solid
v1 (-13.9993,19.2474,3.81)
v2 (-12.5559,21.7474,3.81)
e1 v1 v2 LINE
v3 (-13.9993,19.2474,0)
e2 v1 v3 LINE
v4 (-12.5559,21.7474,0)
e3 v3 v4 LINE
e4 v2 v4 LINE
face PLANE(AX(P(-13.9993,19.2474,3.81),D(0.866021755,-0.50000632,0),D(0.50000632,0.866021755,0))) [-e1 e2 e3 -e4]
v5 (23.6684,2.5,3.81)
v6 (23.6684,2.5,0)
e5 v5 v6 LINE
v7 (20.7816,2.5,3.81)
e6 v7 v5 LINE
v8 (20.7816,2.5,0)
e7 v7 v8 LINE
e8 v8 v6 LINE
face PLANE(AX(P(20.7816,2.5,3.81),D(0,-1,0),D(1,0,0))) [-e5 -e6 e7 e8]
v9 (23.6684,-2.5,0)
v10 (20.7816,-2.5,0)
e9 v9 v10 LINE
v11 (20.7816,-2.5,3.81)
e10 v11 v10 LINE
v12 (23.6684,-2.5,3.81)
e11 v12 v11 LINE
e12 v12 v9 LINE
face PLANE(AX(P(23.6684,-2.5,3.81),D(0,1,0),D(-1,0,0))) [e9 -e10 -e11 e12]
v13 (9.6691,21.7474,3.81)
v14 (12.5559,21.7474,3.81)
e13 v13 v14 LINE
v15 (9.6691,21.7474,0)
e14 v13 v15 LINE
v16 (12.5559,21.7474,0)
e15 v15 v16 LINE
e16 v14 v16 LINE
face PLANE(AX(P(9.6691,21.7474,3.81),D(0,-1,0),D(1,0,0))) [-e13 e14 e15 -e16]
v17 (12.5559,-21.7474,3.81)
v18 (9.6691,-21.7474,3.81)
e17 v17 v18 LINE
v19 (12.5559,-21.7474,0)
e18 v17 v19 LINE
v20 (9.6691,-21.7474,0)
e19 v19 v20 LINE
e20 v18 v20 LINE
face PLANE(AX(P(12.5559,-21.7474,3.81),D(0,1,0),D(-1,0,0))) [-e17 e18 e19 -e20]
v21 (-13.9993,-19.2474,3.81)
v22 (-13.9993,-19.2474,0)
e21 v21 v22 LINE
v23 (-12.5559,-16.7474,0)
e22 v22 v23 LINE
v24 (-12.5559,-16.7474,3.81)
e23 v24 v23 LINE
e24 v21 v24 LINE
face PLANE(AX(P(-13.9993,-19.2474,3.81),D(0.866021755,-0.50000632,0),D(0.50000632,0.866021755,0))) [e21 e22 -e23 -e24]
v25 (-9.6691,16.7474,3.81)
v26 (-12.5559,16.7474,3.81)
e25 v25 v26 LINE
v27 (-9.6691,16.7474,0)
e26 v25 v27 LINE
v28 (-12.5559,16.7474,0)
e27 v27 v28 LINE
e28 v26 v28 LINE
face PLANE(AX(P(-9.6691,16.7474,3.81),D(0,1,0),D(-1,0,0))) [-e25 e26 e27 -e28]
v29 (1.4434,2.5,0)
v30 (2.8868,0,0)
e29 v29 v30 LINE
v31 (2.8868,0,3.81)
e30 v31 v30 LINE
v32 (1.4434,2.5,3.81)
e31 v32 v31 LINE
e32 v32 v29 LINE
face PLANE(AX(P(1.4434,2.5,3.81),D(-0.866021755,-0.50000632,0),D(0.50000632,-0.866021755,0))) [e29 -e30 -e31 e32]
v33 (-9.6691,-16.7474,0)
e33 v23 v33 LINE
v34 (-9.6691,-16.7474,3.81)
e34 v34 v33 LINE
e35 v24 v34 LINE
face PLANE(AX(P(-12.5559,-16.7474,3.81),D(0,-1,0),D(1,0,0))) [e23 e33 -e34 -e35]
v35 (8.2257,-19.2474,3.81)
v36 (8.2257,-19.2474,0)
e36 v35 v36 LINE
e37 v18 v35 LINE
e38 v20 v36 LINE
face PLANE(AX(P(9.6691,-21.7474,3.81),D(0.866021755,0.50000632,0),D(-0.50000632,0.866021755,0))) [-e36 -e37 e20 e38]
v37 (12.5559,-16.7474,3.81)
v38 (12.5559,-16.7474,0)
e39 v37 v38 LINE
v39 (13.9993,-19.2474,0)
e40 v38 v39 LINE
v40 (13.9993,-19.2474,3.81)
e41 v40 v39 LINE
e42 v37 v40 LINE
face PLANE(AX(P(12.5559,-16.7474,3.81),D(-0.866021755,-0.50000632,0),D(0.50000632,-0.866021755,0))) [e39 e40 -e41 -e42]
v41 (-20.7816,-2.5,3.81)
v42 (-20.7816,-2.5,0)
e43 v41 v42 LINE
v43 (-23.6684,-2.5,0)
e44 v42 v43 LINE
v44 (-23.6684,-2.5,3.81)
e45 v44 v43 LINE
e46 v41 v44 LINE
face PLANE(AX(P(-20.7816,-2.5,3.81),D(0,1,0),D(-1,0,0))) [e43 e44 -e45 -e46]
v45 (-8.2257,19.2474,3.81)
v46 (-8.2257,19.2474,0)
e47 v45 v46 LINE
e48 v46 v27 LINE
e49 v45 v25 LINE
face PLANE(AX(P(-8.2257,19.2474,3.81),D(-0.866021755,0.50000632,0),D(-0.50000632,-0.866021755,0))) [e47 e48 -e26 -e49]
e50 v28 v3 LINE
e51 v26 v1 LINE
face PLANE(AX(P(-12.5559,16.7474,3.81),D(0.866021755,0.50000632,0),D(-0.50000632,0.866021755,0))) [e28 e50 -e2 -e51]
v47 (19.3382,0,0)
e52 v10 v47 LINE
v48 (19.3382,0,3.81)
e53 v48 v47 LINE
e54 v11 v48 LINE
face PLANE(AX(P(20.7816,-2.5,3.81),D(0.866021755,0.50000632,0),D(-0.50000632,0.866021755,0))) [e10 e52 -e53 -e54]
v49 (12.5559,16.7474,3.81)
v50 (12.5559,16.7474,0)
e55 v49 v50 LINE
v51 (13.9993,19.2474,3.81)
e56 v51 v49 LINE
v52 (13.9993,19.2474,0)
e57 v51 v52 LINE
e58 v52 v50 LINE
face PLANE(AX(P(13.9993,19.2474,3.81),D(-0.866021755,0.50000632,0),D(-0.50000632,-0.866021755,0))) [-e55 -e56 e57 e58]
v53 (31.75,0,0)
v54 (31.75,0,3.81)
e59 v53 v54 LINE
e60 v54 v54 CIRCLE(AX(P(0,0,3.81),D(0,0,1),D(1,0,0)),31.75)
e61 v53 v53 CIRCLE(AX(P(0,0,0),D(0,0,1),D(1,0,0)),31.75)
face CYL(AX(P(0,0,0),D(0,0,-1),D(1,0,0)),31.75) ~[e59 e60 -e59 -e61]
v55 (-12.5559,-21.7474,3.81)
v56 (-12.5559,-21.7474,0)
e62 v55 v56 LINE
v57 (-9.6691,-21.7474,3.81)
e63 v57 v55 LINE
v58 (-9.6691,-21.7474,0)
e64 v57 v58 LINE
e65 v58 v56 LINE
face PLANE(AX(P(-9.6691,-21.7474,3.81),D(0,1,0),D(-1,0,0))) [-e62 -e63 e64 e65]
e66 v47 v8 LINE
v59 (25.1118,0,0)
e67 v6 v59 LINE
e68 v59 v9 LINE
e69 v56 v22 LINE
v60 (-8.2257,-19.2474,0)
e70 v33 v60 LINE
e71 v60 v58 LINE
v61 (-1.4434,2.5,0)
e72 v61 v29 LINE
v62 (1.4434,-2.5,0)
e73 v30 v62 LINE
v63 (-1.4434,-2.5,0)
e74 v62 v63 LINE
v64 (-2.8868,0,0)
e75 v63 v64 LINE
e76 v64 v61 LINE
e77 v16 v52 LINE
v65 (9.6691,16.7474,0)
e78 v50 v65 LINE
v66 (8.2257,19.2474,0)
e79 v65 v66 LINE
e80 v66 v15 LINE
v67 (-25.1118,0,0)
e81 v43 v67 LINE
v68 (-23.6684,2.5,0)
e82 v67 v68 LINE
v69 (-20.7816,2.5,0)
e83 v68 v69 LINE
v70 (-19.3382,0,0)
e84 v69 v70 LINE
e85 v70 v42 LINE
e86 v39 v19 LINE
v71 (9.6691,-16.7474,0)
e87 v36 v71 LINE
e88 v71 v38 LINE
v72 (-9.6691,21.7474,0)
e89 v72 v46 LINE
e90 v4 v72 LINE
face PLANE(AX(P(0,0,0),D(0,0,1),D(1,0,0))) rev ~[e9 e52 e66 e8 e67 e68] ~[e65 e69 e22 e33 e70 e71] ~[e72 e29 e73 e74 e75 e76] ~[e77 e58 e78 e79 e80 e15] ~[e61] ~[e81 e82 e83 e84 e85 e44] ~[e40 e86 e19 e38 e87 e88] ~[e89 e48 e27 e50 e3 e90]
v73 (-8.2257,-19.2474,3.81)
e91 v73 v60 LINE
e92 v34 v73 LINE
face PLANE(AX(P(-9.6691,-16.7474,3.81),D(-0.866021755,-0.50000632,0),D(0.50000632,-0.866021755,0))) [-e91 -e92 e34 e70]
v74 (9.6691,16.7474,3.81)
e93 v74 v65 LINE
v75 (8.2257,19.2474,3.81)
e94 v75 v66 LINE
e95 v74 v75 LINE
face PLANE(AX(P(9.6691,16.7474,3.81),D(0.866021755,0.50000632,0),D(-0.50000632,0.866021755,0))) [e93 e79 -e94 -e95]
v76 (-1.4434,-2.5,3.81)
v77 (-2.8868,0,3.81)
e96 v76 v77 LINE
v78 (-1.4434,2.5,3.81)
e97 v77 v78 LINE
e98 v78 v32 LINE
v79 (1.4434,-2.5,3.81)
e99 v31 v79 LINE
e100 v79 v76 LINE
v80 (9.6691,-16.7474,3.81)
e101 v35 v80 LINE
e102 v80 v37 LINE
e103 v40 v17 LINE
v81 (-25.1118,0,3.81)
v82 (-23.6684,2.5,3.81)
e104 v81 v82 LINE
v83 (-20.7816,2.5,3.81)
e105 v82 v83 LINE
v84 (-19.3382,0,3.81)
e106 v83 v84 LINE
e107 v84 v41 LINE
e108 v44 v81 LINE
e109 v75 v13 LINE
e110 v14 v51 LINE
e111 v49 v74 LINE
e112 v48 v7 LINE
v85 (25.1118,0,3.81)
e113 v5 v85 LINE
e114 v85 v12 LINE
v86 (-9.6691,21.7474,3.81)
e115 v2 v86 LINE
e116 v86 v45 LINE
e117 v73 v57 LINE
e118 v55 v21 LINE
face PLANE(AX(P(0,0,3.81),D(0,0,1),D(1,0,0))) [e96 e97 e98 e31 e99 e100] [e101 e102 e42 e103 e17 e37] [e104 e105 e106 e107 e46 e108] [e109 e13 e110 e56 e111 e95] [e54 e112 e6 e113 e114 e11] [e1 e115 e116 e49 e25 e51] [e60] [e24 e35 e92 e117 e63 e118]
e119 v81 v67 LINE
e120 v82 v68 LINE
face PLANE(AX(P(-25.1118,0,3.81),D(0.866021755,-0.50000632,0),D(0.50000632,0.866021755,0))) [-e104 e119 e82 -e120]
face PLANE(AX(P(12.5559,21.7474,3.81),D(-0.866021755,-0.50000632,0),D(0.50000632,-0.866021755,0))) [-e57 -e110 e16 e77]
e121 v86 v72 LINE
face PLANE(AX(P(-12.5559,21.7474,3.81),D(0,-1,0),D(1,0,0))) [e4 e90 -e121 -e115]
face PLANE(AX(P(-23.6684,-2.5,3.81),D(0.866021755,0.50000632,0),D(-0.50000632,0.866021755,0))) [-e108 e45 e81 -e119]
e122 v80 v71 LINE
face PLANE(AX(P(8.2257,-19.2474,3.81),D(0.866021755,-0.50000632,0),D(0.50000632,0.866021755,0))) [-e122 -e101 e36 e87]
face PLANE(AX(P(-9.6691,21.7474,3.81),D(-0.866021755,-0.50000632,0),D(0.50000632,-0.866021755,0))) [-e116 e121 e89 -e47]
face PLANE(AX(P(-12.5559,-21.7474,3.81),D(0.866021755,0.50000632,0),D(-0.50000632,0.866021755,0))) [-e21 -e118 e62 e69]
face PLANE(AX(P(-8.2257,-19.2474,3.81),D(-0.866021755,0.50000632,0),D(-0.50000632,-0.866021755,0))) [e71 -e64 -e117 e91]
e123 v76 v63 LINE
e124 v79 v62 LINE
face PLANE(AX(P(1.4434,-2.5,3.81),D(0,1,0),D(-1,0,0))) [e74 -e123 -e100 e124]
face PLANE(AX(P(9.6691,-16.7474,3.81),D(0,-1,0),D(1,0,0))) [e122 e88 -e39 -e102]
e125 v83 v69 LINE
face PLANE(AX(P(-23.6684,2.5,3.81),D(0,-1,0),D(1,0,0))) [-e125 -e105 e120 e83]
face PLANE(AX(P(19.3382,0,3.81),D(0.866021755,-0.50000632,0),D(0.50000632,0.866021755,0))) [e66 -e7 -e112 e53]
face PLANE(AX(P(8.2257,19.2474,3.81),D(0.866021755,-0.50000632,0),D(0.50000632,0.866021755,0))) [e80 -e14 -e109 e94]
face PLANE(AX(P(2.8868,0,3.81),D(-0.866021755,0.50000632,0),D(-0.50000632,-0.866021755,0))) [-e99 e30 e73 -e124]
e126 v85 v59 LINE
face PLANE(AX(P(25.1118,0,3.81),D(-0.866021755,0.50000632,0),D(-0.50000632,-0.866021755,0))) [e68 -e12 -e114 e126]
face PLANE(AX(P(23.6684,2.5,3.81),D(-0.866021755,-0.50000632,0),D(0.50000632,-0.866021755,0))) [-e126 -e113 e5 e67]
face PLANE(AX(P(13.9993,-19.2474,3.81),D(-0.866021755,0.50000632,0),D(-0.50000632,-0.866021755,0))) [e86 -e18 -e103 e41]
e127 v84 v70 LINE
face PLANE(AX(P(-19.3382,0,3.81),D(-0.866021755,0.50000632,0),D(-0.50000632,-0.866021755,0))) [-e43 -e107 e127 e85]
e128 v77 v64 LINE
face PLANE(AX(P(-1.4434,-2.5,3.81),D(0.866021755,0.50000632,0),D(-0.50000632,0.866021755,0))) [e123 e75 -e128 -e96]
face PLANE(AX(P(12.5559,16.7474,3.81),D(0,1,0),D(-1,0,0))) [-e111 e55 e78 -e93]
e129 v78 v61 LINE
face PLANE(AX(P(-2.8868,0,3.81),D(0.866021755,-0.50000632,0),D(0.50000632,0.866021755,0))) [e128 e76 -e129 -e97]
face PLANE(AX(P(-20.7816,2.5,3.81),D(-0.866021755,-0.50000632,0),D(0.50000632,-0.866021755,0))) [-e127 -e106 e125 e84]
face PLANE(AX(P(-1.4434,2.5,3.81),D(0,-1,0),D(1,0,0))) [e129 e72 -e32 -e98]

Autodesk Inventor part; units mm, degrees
ref_plane "YZ Plane" through (0, 0, 0) normal (1, 0, 0) x (0, 1, 0)
ref_plane "XZ Plane" through (0, 0, 0) normal (0, 1, 0) x (-1, 0, 0)
ref_plane "XY Plane" through (0, 0, 0) normal (0, 0, 1) x (1, 0, 0)
sketch "Sketch1" plane through (0, 0, 0) normal (0, 0, 1) x (1, 0, 0)
  circle A0 centre (0, 0) radius 31.75
  dimension "d0" = 63.5
extrude "Extrusion1" add sketch "Sketch1" along normal blind 3.81
sketch "Sketch2" plane through (0, 0, 3.81) normal (0, 0, 1) x (1, 0, 0)
  line L0 (-11.1125, 19.2474) -> (11.1125, 19.2474)
  line L1 (11.1125, 19.2474) -> (22.225, 0)
  line L2 (22.225, 0) -> (11.1125, -19.2474)
  line L3 (11.1125, -19.2474) -> (-11.1125, -19.2474)
  line L4 (-11.1125, -19.2474) -> (-22.225, 0)
  line L5 (-22.225, 0) -> (-11.1125, 19.2474)
  line L6 (-12.5559, 21.7474) -> (-9.6691, 21.7474)
  line L7 (-9.6691, 21.7474) -> (-8.2257, 19.2474)
  line L8 (-8.2257, 19.2474) -> (-9.6691, 16.7474)
  line L9 (-9.6691, 16.7474) -> (-12.5559, 16.7474)
  line L10 (-12.5559, 16.7474) -> (-13.9993, 19.2474)
  line L11 (-13.9993, 19.2474) -> (-12.5559, 21.7474)
  line L12 (-23.6684, -2.5) -> (-25.1118, 0)
  line L13 (-25.1118, 0) -> (-23.6684, 2.5)
  line L14 (-23.6684, 2.5) -> (-20.7816, 2.5)
  line L15 (-20.7816, 2.5) -> (-19.3382, 0)
  line L16 (-19.3382, 0) -> (-20.7816, -2.5)
  line L17 (-20.7816, -2.5) -> (-23.6684, -2.5)
  line L18 (-9.6691, -21.7474) -> (-12.5559, -21.7474)
  line L19 (-12.5559, -21.7474) -> (-13.9993, -19.2474)
  line L20 (-13.9993, -19.2474) -> (-12.5559, -16.7474)
  line L21 (-12.5559, -16.7474) -> (-9.6691, -16.7474)
  line L22 (-9.6691, -16.7474) -> (-8.2257, -19.2474)
  line L23 (-8.2257, -19.2474) -> (-9.6691, -21.7474)
  line L24 (13.9993, -19.2474) -> (12.5559, -21.7474)
  line L25 (12.5559, -21.7474) -> (9.6691, -21.7474)
  line L26 (9.6691, -21.7474) -> (8.2257, -19.2474)
  line L27 (8.2257, -19.2474) -> (9.6691, -16.7474)
  line L28 (9.6691, -16.7474) -> (12.5559, -16.7474)
  line L29 (12.5559, -16.7474) -> (13.9993, -19.2474)
  line L30 (23.6684, 2.5) -> (25.1118, 0)
  line L31 (25.1118, 0) -> (23.6684, -2.5)
  line L32 (23.6684, -2.5) -> (20.7816, -2.5)
  line L33 (20.7816, -2.5) -> (19.3382, 0)
  line L34 (19.3382, 0) -> (20.7816, 2.5)
  line L35 (20.7816, 2.5) -> (23.6684, 2.5)
  line L36 (9.6691, 21.7474) -> (12.5559, 21.7474)
  line L37 (12.5559, 21.7474) -> (13.9993, 19.2474)
  line L38 (13.9993, 19.2474) -> (12.5559, 16.7474)
  line L39 (12.5559, 16.7474) -> (9.6691, 16.7474)
  line L40 (9.6691, 16.7474) -> (8.2257, 19.2474)
  line L41 (8.2257, 19.2474) -> (9.6691, 21.7474)
  point P0 (0, 0)
  point P1 (0, 0)
  point P2 (0, 0)
  dimension "d15" = 5
  dimension "d18" = 360
  dimension "d20" = 22.225
extrude "Extrusion2" cut sketch "Sketch2" against normal blind 3.81 contours L5 L10 L11 L6 L7 L0 | L0 L8 L9 L5 | L41 L36 L37 L38 L1 L0 | L0 L1 L39 L40 | L15 L16 L4 L5 | L5 L4 L17 L12 L13 L14 | L35 L30 L31 L32 L2 L1 | L1 L2 L33 L34 | L21 L22 L3 L4 | L4 L3 L23 L18 L19 L20 | L29 L24 L25 L26 L3 L2 | L2 L3 L27 L28
sketch "Sketch3" plane through (0, 0, 3.81) normal (0, 0, 1) x (1, 0, 0)
  circle A0 centre (0, 0) radius 31.75 projected
  line L0 (-2.8868, 0) -> (-1.4434, 2.5)
  line L1 (-1.4434, 2.5) -> (1.4434, 2.5)
  line L2 (1.4434, 2.5) -> (2.8868, 0)
  line L3 (2.8868, 0) -> (1.4434, -2.5)
  line L4 (1.4434, -2.5) -> (-1.4434, -2.5)
  line L5 (-1.4434, -2.5) -> (-2.8868, 0)
  dimension "d14" = 5
extrude "Extrusion3" cut sketch "Sketch3" against normal blind 3.81 contours L0 L1 L2 L3 L4 L5
properties part number "Input _Ring"
